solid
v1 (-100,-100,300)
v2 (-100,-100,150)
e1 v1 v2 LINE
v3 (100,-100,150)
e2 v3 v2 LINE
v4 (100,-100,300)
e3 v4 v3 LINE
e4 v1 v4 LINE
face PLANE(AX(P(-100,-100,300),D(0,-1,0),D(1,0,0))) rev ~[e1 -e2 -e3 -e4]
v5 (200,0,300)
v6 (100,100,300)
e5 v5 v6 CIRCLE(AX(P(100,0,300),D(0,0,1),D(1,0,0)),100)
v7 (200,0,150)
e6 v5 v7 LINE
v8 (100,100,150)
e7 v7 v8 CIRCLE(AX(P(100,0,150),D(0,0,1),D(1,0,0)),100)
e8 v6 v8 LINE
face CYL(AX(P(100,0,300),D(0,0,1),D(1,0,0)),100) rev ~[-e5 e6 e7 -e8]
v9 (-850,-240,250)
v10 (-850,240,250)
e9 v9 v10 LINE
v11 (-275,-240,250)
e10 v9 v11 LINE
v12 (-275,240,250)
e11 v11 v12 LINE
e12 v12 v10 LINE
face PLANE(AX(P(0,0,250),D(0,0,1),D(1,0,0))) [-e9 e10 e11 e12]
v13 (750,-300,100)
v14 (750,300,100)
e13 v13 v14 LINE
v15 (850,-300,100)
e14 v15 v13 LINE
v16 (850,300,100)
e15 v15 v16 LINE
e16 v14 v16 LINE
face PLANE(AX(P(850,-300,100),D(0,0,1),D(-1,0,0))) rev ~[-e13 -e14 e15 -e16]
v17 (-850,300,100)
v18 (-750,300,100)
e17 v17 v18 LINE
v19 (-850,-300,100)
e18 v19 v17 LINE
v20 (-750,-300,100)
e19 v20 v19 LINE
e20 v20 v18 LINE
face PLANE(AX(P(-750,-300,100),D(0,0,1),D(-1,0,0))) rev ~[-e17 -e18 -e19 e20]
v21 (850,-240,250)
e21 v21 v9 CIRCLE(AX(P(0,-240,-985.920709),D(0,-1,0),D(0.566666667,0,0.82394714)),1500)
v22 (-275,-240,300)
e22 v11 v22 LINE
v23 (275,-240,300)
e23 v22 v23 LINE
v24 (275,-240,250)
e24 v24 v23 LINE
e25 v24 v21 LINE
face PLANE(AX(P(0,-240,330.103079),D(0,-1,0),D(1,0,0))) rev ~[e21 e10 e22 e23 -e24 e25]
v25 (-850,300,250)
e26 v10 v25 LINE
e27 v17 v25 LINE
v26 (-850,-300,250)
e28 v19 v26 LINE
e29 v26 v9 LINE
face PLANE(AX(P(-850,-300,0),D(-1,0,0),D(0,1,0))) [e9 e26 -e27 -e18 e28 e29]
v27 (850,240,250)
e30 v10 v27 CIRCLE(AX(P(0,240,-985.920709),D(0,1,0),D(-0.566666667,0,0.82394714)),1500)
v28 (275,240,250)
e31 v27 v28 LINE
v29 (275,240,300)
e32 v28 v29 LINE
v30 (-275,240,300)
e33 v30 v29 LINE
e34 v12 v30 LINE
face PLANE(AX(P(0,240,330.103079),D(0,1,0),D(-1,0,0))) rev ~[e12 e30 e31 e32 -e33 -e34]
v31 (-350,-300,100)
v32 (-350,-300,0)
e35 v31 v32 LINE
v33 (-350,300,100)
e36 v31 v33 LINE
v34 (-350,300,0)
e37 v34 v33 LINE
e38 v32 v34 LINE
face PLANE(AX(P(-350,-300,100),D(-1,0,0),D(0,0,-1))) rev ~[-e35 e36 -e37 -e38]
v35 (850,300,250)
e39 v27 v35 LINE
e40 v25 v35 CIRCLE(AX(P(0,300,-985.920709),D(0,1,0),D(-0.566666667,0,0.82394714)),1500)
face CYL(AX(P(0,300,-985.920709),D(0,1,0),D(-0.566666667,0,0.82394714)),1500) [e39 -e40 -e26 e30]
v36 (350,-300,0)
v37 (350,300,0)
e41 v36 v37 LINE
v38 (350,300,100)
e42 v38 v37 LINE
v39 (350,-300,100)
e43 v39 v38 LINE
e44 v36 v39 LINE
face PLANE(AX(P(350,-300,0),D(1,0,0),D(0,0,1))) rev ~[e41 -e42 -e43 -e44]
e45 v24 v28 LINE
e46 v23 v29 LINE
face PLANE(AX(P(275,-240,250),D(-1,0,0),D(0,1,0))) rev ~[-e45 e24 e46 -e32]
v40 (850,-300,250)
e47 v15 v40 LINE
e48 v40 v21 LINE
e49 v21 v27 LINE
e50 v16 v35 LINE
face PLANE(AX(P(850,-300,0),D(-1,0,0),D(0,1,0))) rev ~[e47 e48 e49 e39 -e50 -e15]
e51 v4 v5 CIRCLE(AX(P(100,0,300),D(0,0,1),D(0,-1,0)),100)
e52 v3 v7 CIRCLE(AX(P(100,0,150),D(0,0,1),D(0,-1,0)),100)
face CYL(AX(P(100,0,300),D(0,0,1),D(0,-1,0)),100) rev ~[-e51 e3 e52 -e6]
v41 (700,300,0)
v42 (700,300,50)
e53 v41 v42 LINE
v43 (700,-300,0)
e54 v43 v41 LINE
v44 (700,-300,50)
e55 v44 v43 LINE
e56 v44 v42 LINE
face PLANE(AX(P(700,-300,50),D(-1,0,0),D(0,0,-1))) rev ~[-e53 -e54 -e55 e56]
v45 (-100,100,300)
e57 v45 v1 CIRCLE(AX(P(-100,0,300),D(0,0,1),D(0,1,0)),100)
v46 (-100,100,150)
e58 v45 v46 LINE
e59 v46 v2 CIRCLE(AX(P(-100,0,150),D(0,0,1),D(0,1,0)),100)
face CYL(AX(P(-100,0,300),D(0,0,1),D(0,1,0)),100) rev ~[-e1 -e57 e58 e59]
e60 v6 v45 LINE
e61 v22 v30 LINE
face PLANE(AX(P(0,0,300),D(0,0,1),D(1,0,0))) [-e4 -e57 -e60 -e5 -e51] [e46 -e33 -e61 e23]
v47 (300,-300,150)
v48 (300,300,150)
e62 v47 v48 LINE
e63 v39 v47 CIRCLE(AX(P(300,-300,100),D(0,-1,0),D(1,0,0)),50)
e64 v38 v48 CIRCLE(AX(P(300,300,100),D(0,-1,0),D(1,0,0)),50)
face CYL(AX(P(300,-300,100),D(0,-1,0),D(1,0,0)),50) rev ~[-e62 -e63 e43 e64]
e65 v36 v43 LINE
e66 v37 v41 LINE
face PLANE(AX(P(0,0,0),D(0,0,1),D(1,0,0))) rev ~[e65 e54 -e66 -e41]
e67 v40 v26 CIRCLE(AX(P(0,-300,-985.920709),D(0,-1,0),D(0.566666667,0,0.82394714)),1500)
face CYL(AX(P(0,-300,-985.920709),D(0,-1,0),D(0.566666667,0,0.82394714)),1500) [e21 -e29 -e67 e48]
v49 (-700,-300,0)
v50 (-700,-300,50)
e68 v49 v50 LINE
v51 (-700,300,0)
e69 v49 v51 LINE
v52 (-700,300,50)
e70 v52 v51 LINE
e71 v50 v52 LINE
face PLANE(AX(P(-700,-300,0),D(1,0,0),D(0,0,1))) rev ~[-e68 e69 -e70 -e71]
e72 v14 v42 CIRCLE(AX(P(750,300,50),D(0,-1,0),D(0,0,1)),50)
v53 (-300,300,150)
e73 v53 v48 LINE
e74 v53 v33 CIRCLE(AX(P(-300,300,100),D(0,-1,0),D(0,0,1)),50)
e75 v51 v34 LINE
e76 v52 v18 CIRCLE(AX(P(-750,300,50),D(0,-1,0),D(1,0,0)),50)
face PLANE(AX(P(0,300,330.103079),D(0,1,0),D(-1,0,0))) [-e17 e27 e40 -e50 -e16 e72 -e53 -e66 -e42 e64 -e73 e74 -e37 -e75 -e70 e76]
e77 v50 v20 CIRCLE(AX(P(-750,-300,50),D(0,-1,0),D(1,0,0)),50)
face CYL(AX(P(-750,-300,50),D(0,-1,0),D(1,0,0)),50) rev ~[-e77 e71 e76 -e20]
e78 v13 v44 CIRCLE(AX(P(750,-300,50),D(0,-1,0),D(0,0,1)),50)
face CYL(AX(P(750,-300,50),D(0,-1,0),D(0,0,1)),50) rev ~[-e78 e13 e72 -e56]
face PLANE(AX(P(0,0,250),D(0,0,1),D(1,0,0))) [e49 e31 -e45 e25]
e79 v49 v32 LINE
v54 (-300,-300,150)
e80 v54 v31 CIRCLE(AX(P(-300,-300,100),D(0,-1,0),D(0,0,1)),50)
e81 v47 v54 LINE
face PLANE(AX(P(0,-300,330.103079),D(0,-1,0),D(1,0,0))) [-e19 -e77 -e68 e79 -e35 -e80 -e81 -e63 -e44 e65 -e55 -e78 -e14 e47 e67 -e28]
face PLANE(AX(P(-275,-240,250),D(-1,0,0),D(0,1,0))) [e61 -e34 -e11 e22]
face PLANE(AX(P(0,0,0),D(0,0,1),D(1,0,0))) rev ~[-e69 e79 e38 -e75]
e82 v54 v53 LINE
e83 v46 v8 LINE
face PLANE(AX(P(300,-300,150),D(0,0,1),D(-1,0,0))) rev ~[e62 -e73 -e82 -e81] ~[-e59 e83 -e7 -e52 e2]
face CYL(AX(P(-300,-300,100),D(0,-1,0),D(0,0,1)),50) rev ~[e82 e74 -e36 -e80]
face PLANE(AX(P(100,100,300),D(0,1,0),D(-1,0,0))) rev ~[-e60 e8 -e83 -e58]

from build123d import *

# Parameters (mm, degrees)
F0_W      = 1700
F0_H      = 600
F1_DEPTH  = 250
F2_W      = 550
F2_H      = 480
F3_DEPTH  = 50
F5_DEPTH  = 300.001
F7_DEPTH  = 600.001
F9_DEPTH  = 600.001
F12_DEPTH = 60
F13_DEPTH = 60


with BuildPart() as f1:
    # F0 (on Top) → F1 (new body)
    with BuildSketch(Plane.XY):
        Rectangle(F0_W, F0_H)
    extrude(amount=F1_DEPTH)

    # F2 (on face) → F3 (join)
    with BuildSketch(Plane.XY.offset(250)):
        Rectangle(F2_W, F2_H)
    extrude(amount=F3_DEPTH)

    # F4 (on face) → F5 (cut, through all)
    with BuildSketch(Plane.XY.offset(300)):
        with BuildLine():
            ThreePointArc((-100, 100), (-200, 0), (-100, -100))
            Line((-100, -100), (-100, 100))
        make_face()
        with BuildLine():
            Line((-100, 100), (-100, -100))
            ThreePointArc((-100, -100), (-29.2893218813, -70.7106781187), (0, 0))
            ThreePointArc((0, 0), (-29.2893218813, 70.7106781187), (-100, 100))
        make_face()
        with BuildLine():
            ThreePointArc((0, 0), (29.2893218813, -70.7106781187), (100, -100))
            Line((100, -100), (100, 100))
            ThreePointArc((100, 100), (29.2893218813, 70.7106781187), (0, 0))
        make_face()
        with BuildLine():
            Line((100, 100), (100, -100))
            ThreePointArc((100, -100), (170.7106781187, -70.7106781187), (200, 0))
            ThreePointArc((200, 0), (170.7106781187, 70.7106781187), (100, 100))
        make_face()
        with BuildLine():
            ThreePointArc((0, 0), (29.2893218813, 70.7106781187), (100, 100))
            Line((100, 100), (-100, 100))
            ThreePointArc((-100, 100), (-29.2893218813, 70.7106781187), (0, 0))
        make_face()
        with BuildLine():
            Line((-100, -100), (100, -100))
            ThreePointArc((100, -100), (29.2893218813, -70.7106781187), (0, 0))
            ThreePointArc((0, 0), (-29.2893218813, -70.7106781187), (-100, -100))
        make_face()
    extrude(amount=-F5_DEPTH, mode=Mode.SUBTRACT)

    # F6 (on face) → F7 (cut, through all)
    with BuildSketch(Plane.XZ.offset(300)):
        with BuildLine():
            Line((-350, 0), (0, 0))
            Line((0, 0), (0, 150))
            Line((0, 150), (-300, 150))
            ThreePointArc((-300, 150), (-335.3553390593, 135.3553390593), (-350, 100))
            Line((-350, 100), (-350, 0))
        make_face()
        with BuildLine():
            Line((0, 150), (0, 0))
            Line((0, 0), (350, 0))
            Line((350, 0), (350, 100))
            ThreePointArc((350, 100), (335.3553390593, 135.3553390593), (300, 150))
            Line((300, 150), (0, 150))
        make_face()
    extrude(amount=-F7_DEPTH, mode=Mode.SUBTRACT)

    # F8 (on face) → F9 (cut, through all)
    with BuildSketch(Plane.XZ.offset(300)):
        with BuildLine():
            Line((850, 0), (850, 100))
            Line((850, 100), (750, 100))
            ThreePointArc((750, 100), (714.6446609407, 85.3553390593), (700, 50))
            Line((700, 50), (700, 0))
            Line((700, 0), (850, 0))
        make_face()
        with BuildLine():
            Line((-850, 100), (-850, 0))
            Line((-850, 0), (-700, 0))
            Line((-700, 0), (-700, 50))
            ThreePointArc((-700, 50), (-714.6446609407, 85.3553390593), (-750, 100))
            Line((-750, 100), (-850, 100))
        make_face()
    extrude(amount=-F9_DEPTH, mode=Mode.SUBTRACT)

    # F11 (on face) → F12 (join)
    with BuildSketch(Plane(origin=(0, 300, 0), x_dir=(-1, 0, 0), z_dir=(0, 1, 0))):
        with BuildLine():
            Line((-850, 250), (850, 250))
            ThreePointArc((850, 250), (0, 514.0792905692), (-850, 250))
        make_face()
    extrude(amount=-F12_DEPTH)

    # F10 (on face) → F13 (join)
    with BuildSketch(Plane.XZ.offset(300)):
        with BuildLine():
            Line((-850, 250), (850, 250))
            ThreePointArc((850, 250), (0, 514.0792905692), (-850, 250))
        make_face()
    extrude(amount=-F13_DEPTH)


solid = f1.part
